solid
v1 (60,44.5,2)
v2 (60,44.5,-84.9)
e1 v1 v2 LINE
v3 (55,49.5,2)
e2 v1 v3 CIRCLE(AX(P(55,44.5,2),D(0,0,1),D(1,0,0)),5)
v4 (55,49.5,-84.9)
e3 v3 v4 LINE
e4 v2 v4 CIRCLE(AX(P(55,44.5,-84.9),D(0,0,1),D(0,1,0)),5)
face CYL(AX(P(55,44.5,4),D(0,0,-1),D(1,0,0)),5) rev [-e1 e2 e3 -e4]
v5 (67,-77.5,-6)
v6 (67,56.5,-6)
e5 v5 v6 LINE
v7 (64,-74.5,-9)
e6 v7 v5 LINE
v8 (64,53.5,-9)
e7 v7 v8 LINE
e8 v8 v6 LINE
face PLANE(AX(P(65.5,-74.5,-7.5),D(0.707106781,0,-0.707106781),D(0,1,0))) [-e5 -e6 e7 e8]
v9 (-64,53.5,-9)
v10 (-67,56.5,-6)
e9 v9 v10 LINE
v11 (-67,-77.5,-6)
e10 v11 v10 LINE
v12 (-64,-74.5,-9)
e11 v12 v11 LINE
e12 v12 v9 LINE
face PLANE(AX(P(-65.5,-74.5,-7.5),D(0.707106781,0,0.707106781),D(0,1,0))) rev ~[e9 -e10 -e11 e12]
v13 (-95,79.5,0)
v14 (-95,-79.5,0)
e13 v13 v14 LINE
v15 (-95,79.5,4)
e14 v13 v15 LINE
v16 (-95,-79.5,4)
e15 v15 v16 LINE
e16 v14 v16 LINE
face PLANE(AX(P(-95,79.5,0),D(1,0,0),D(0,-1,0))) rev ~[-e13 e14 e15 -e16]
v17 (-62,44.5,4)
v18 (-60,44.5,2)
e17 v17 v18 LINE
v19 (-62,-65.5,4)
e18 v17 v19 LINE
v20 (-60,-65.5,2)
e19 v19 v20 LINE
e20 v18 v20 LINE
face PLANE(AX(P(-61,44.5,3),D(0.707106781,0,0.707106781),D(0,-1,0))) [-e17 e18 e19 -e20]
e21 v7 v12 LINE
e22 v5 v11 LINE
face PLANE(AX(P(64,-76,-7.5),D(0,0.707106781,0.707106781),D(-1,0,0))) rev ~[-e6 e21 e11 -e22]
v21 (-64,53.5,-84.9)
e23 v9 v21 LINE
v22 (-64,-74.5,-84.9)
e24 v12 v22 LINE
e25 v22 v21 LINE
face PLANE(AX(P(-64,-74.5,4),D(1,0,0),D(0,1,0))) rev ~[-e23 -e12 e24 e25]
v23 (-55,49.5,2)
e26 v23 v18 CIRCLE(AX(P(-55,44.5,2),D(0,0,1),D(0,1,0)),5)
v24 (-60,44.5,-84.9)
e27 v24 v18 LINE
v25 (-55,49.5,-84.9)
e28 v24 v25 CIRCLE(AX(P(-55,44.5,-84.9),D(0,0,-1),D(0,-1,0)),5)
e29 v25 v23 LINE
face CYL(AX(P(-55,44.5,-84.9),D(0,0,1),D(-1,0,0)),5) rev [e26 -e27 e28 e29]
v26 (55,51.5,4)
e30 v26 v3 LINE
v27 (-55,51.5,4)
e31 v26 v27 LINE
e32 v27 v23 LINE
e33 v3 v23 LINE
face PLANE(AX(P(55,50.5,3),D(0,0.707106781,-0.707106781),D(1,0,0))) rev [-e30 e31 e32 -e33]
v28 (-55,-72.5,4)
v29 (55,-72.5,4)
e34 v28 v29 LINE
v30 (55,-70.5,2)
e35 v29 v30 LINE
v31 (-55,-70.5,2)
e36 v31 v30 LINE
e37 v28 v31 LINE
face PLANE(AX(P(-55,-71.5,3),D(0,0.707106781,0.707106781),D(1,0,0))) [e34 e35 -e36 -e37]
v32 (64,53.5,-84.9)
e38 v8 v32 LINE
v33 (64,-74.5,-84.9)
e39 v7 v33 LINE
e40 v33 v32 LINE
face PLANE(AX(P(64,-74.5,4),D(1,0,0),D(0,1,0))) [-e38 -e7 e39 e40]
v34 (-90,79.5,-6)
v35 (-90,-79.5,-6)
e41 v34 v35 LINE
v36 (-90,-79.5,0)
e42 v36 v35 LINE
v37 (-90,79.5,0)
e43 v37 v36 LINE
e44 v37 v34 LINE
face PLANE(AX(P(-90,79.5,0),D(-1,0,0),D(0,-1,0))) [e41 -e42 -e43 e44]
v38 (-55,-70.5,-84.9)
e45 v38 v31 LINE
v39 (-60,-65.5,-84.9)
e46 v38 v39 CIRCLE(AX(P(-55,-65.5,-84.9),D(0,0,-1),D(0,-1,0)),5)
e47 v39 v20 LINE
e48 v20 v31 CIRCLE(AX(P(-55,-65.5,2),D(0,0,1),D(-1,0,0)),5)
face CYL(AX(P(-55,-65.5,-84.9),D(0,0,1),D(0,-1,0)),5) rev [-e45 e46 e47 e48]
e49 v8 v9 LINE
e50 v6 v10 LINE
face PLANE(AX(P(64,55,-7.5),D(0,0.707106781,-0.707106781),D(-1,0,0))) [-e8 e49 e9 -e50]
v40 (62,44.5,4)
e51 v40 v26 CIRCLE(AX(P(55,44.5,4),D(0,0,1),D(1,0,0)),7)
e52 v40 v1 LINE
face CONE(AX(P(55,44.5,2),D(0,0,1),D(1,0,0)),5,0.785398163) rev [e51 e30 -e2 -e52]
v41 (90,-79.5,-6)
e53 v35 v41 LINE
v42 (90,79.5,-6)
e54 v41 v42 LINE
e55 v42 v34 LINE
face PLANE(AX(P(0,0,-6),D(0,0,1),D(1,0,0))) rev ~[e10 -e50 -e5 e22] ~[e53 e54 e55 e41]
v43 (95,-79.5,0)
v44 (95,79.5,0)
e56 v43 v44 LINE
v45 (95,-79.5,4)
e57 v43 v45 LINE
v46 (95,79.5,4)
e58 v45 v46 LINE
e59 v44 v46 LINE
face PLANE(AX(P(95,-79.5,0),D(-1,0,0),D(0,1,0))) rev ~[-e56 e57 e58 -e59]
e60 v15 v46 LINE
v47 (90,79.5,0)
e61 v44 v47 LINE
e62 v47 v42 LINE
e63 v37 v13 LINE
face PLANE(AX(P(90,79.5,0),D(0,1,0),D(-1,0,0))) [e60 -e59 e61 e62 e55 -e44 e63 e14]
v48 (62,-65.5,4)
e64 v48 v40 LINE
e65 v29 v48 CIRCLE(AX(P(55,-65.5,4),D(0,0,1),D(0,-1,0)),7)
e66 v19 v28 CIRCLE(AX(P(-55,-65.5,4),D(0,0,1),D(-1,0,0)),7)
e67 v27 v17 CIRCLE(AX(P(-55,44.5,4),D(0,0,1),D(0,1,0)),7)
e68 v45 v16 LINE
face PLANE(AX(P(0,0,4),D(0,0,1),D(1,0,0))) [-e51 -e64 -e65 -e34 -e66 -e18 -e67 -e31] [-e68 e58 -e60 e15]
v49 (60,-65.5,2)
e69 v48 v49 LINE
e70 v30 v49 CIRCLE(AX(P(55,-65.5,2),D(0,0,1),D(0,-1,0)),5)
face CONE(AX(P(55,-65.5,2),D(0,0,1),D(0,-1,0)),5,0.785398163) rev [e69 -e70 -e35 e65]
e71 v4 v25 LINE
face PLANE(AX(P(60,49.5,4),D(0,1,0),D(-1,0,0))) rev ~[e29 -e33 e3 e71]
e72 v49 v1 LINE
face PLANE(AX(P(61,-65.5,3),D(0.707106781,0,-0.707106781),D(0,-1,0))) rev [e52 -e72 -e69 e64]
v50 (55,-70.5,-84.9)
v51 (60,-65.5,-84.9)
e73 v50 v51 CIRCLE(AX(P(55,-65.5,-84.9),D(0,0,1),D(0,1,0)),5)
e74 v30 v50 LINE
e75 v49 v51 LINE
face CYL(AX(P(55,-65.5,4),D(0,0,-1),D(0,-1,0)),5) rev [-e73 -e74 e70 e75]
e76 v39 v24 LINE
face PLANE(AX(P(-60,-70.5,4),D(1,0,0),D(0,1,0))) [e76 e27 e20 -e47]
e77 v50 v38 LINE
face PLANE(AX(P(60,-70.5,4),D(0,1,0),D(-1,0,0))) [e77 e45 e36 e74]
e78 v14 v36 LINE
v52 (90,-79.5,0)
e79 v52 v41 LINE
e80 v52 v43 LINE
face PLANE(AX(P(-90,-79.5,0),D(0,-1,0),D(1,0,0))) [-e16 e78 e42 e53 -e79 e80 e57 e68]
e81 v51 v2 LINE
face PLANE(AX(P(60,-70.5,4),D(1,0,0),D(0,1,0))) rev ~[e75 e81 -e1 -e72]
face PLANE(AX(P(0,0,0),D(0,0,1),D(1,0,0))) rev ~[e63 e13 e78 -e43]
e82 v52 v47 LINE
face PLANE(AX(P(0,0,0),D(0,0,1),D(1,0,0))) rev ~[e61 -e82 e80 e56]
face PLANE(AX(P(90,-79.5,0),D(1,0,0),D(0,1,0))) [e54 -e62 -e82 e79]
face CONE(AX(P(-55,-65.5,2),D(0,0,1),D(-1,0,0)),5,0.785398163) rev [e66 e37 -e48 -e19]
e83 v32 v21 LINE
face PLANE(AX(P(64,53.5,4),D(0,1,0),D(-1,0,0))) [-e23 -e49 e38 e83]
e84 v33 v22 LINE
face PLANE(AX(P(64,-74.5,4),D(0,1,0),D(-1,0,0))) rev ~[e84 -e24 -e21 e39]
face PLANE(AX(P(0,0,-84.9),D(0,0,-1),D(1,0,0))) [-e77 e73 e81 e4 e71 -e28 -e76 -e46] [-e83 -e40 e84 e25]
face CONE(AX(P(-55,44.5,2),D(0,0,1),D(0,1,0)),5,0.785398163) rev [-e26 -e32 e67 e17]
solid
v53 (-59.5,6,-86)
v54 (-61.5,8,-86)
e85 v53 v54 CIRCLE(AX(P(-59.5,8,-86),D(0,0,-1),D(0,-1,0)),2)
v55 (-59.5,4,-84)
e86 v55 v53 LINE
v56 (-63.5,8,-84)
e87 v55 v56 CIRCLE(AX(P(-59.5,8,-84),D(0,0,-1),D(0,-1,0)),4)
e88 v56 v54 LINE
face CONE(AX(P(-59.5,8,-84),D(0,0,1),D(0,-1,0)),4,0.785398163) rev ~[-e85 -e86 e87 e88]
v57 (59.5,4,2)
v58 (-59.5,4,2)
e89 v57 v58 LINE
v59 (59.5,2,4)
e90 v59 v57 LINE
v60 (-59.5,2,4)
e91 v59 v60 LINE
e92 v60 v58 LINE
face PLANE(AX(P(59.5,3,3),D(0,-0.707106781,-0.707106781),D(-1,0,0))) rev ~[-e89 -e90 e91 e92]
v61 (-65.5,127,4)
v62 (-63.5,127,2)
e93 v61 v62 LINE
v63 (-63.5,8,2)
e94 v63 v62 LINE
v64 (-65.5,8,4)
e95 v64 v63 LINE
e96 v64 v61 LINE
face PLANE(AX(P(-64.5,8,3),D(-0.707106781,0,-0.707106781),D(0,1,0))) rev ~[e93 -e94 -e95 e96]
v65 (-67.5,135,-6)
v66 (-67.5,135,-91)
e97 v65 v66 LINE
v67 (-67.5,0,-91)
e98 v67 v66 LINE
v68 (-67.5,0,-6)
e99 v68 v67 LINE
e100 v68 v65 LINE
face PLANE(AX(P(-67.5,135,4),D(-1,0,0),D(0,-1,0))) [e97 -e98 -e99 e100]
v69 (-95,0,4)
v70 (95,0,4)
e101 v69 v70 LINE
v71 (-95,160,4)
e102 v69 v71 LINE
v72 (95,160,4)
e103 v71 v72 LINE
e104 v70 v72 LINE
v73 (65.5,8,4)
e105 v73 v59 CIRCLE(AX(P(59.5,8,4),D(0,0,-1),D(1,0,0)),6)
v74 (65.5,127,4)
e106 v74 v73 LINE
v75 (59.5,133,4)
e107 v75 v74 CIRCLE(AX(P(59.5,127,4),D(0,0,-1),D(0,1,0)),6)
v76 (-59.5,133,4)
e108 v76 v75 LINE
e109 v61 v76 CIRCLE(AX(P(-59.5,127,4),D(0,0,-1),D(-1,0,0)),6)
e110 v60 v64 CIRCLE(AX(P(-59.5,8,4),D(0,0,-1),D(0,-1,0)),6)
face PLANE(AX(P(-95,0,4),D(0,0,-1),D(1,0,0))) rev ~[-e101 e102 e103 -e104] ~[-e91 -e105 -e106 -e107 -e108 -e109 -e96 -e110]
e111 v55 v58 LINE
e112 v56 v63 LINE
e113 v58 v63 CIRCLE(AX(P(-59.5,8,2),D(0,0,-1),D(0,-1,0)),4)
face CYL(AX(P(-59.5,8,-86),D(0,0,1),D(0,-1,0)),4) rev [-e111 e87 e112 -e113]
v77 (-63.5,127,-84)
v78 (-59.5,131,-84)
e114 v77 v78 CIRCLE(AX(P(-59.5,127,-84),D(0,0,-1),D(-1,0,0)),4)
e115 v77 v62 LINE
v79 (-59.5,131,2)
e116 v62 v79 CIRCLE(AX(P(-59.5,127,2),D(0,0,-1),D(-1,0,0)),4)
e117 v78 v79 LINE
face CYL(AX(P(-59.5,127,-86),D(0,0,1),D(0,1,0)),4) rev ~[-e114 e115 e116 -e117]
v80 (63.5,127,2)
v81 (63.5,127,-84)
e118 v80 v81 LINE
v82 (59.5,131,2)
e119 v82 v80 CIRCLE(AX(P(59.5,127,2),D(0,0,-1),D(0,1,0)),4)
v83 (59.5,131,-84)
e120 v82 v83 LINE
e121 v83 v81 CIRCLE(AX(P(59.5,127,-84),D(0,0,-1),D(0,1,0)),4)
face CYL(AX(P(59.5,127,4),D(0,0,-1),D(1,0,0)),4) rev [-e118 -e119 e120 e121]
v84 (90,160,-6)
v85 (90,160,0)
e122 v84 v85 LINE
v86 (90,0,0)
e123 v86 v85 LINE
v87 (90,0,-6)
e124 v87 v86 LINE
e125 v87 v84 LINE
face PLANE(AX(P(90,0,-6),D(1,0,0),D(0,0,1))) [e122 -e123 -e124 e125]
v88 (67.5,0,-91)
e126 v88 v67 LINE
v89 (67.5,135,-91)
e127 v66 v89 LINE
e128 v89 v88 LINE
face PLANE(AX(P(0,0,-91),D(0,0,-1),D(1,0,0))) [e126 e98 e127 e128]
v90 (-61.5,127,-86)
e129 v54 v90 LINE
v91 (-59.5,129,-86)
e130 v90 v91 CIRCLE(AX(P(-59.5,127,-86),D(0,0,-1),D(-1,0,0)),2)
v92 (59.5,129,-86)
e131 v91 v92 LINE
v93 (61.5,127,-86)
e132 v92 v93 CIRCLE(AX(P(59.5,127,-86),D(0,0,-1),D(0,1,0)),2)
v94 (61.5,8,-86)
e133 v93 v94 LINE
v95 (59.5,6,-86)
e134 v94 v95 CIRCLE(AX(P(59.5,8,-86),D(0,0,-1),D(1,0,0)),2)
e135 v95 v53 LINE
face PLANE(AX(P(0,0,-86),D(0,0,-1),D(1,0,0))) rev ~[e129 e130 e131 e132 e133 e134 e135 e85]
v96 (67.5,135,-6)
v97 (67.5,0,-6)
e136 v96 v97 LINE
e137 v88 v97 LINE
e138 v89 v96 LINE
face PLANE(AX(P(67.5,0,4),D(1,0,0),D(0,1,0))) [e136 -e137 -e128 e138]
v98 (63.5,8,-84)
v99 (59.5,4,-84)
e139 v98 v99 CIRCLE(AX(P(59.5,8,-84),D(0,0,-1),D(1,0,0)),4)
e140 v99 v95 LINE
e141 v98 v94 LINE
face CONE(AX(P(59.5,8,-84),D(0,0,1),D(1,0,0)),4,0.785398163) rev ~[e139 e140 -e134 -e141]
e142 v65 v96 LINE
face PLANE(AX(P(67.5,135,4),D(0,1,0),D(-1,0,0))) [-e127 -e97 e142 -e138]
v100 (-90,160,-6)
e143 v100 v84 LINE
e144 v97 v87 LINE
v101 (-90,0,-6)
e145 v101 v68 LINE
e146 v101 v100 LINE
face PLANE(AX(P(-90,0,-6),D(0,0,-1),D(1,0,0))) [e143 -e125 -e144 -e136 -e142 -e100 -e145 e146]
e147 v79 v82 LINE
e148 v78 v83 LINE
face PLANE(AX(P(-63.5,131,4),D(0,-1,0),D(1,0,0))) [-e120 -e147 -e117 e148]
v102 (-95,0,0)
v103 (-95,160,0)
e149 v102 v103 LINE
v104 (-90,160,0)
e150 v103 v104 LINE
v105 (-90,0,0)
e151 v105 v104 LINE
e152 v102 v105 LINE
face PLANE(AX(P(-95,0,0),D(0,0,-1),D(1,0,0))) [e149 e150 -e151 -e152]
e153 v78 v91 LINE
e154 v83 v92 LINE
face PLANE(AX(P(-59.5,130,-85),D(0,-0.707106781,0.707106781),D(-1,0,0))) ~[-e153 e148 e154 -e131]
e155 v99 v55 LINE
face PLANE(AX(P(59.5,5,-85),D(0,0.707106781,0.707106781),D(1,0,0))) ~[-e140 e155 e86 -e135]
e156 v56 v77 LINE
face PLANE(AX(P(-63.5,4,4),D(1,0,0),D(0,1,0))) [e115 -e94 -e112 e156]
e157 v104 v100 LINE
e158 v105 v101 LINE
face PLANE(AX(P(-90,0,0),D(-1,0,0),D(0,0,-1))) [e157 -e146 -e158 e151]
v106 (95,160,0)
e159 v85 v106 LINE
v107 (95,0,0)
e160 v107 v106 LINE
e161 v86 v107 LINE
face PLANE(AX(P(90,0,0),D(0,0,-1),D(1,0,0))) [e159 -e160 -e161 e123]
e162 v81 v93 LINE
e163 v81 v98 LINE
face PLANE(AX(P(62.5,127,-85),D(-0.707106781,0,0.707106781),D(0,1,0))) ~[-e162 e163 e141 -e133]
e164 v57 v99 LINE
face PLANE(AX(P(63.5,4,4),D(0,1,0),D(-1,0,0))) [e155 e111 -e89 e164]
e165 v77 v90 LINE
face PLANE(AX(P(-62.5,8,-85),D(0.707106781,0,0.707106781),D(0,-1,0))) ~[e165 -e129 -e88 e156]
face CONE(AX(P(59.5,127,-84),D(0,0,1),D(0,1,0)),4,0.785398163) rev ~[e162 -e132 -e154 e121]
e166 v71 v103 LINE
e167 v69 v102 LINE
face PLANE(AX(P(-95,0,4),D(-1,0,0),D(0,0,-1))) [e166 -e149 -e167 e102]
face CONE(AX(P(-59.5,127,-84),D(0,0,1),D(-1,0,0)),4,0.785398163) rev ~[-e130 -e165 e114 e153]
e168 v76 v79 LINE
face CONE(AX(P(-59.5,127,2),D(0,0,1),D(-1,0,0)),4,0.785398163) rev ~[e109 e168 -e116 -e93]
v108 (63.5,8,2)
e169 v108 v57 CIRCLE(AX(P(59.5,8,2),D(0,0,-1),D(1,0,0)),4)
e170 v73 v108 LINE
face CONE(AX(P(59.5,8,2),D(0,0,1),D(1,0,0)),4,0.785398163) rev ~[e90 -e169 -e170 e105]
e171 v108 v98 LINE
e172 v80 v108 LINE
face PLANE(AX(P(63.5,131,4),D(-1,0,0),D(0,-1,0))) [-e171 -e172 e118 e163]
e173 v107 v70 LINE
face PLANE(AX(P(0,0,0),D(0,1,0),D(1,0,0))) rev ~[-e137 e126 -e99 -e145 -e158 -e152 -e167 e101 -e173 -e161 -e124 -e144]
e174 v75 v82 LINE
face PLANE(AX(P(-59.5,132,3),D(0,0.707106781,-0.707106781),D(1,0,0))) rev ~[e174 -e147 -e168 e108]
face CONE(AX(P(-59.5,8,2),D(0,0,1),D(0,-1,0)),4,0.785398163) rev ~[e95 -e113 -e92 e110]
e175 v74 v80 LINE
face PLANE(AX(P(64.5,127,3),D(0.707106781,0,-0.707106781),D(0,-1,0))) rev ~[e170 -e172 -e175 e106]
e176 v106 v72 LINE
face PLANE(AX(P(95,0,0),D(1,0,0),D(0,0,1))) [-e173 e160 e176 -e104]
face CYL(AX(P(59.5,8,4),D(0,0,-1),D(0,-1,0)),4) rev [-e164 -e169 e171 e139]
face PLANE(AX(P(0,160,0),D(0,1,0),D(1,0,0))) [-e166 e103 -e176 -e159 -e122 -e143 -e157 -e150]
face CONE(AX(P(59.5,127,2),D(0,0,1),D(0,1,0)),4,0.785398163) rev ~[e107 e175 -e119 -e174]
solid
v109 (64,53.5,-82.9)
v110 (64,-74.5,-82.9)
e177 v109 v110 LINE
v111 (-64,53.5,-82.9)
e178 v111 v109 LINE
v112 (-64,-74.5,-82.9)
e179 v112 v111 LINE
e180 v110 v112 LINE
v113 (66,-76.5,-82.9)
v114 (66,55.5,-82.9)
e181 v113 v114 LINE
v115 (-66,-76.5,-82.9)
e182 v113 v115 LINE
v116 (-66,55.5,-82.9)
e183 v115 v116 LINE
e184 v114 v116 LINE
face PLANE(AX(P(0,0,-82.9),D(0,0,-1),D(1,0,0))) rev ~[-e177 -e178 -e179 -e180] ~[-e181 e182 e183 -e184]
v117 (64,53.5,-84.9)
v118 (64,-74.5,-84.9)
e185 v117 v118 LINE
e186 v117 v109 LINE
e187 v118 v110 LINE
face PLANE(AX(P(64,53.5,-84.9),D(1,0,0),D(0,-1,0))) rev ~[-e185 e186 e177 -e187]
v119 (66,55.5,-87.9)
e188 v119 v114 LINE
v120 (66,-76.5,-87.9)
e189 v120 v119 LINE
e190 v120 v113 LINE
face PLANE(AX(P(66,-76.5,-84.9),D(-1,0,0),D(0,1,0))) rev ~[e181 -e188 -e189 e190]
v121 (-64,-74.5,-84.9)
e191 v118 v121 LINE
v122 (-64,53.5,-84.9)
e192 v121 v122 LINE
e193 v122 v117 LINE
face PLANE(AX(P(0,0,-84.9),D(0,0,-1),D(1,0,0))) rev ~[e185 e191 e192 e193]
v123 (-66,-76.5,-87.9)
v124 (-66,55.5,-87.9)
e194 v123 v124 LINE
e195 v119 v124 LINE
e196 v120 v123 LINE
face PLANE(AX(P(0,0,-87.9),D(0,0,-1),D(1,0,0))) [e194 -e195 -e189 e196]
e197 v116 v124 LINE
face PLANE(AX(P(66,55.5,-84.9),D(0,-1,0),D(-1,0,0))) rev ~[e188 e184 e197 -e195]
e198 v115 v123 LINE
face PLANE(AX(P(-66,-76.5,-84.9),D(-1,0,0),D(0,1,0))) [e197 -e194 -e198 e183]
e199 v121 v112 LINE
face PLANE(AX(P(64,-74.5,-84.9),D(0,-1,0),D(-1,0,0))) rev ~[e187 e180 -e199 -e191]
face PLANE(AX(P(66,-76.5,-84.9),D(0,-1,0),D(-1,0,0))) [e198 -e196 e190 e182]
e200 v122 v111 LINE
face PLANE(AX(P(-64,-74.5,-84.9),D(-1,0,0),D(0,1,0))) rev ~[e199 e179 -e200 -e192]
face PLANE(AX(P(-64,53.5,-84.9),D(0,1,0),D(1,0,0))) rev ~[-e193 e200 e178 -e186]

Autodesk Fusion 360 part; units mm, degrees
sketch "Frame" plane through (0, 0, 0) normal (0, 0, 1) x (1, 0, 0)
  line L0 (95, 79.5) -> (-95, 79.5)
  line L1 (-95, 79.5) -> (-95, -79.5)
  line L2 (-95, -79.5) -> (95, -79.5)
  line L3 (95, -79.5) -> (95, 79.5)
  line L4 (95, 79.5) -> (-95, -79.5) construction
  line L5 (-95, 79.5) -> (95, -79.5) construction
  line L6 (-90, -79.5) -> (90, -79.5)
  line L7 (90, -79.5) -> (90, 79.5)
  line L8 (90, 79.5) -> (-90, 79.5)
  line L9 (-90, 79.5) -> (-90, -79.5)
  line L10 (-90, -79.5) -> (90, 79.5) construction
  line L11 (90, -79.5) -> (-90, 79.5) construction
  line L12 (86, -75.5) -> (86, 75.5)
  line L13 (86, 75.5) -> (-86, 75.5)
  line L14 (-86, 75.5) -> (-86, -75.5)
  line L15 (-86, -75.5) -> (86, -75.5)
  dimension "d1" = 190
  dimension "d2" = 159
  dimension "d3" = 180
  dimension "d4" = -4
extrude "Extrude1" add sketch "Frame" against normal blind 6 contours L0 L2 L6 L7 L8 L9 makes body 1
extrude "Extrude2" add sketch "Frame" along normal blind 4 bodies 1
sketch "Jar Hole" plane through (0, 0, 4) normal (0, 0, -1) x (1, 0, 0)
  line L0 (-86, 75.5) -> (86, 75.5)
  line L1 (86, 75.5) -> (86, -75.5)
  line L2 (86, -75.5) -> (-86, -75.5)
  line L3 (-90, 79.5) -> (-90, -79.5)
  line L4 (-90, -79.5) -> (90, -79.5)
  line L5 (90, -79.5) -> (90, 79.5)
  line L6 (90, 79.5) -> (-90, 79.5)
  line L7 (60, 70.5) -> (60, -49.5)
  line L8 (60, -49.5) -> (-60, -49.5)
  line L9 (86, 75.5) -> (46, 75.5)
  line L10 (86, 21.5) -> (86, 75.5)
  line L11 (86, -56.5) -> (86, 9.1429)
  line L12 (60, 70.5) -> (-60, 70.5)
  line L13 (-60, 70.5) -> (-60, -49.5)
  line L14 (-86, 75.5) -> (-86, -75.5)
  line L15 (86, 75.5) -> (-86, 75.5)
  line L16 (64, 74.5) -> (64, -53.5)
  line L17 (64, -53.5) -> (-64, -53.5)
  line L18 (-64, 74.5) -> (-64, -53.5)
  line L19 (64, 74.5) -> (-64, 74.5)
  line L20 (86, 75.5) -> (-86, 75.5)
  line L21 (-86, 75.5) -> (-86, -75.5)
  line L22 (-86, -75.5) -> (86, -75.5)
  line L23 (86, -75.5) -> (86, 75.5)
  line L24 (95, -79.5) -> (-95, -79.5)
  line L25 (-95, -79.5) -> (-95, 79.5)
  line L26 (-95, 79.5) -> (95, 79.5)
  line L27 (95, 79.5) -> (95, -79.5)
  dimension "d11" = 40
  dimension "d12" = 54
  dimension "d25" = 120
  dimension "d26" = 120
  dimension "d35" = -4
  dimension "d36" = 22
  dimension "d37" = 1
extrude "Extrude3" add sketch "Jar Hole" along normal blind 10 contours L0 L1 L2 L9 L10 L11 L14 L15 L20 L21 L22 L23 | L16 L17 L18 L19 bodies 1
extrude "Extrude8" add sketch "Jar Hole" along normal blind 88.9 contours L16 L17 L18 L19 bodies 1
sketch "Sketch Bottom Lid" plane through (0, 0, -84.9) normal (0, 0, -1) x (1, 0, 0)
  line L0 (-60, 70.5) -> (60, 70.5)
  line L1 (60, 70.5) -> (60, -49.5)
  line L2 (60, -49.5) -> (-60, -49.5)
  line L3 (-60, -49.5) -> (-60, 70.5)
  line L4 (64, -53.5) -> (64, 74.5)
  line L5 (64, 74.5) -> (-64, 74.5)
  line L6 (-64, 74.5) -> (-64, -53.5)
  line L7 (-64, -53.5) -> (64, -53.5)
  line L8 (64, 74.5) -> (64, -53.5)
  line L9 (64, -53.5) -> (-64, -53.5)
  line L10 (-64, 74.5) -> (-64, -53.5)
  line L11 (64, 74.5) -> (-64, 74.5)
  line L12 (-66, 76.5) -> (-66, -55.5)
  line L13 (66, -55.5) -> (-66, -55.5)
  line L14 (66, 76.5) -> (66, -55.5)
  line L15 (66, 76.5) -> (-66, 76.5)
  dimension "d44" = -2
extrude "Extrude9" add sketch "Sketch Bottom Lid" against normal blind 2 separate body contours L12 L13 L14 L15 makes body 2
extrude "Extrude10" add sketch "Sketch Bottom Lid" along normal blind 3 contours L0 L1 L2 L3 | L4 L5 L6 L7 L8 L9 L10 L11 | L12 L13 L14 L15 bodies 2
fillet "Fillet2" radius 5 4 edges at (-60, 49.5, -40.45) (60, -70.5, -40.45) (-60, -70.5, -40.45) (60, 49.5, -40.45) on bodies 1
chamfer "Chamfer1" distance 2 angle 45 8 edges at (60, -10.5, 4) (58.5355, 48.0355, 4) (0, 49.5, 4) (-58.5355, 48.0355, 4) (-60, -10.5, 4) (-58.5355, -69.0355, 4) (0, -70.5, 4) (58.5355, -69.0355, 4) on bodies 1
chamfer "Chamfer2" distance 3 angle 45 4 edges at (0, -74.5, -6) (-64, -10.5, -6) (0, 53.5, -6) (64, -10.5, -6) on bodies 1
sketch "Sketch1" plane through (0, 0, 0) normal (0, 1, 0) x (1, 0, 0) in component "v2"
  line L0 (-95, -4) -> (95, -4)
  line L1 (-90, 0) -> (-90, 6)
  line L2 (-90, 6) -> (90, 6)
  line L3 (90, 6) -> (90, 0)
  line L4 (90, 0) -> (95, 0)
  line L5 (95, 0) -> (95, -4)
  line L6 (95, -4) -> (-95, -4)
  line L7 (-95, -4) -> (-95, 0)
  line L8 (-95, 0) -> (-90, 0)
extrude "Extrude1'" add sketch "Sketch1" along normal blind 160 separate body makes body 3 in component "v2"
sketch "Sketch2" plane through (0, 0, 4) normal (0, 0, 1) x (-1, 0, 0) in component "v2"
  line L0 (95, 0) -> (-95, 0)
  line L1 (-95, 0) -> (-95, -160)
  line L2 (-95, -160) -> (95, -160)
  line L3 (95, -160) -> (95, 0)
  line L4 (0, 0) -> (0, -67.5) construction
  line L5 (-63.5, -4) -> (63.5, -4)
  line L6 (63.5, -4) -> (63.5, -131)
  line L7 (63.5, -131) -> (-63.5, -131)
  line L8 (-63.5, -131) -> (-63.5, -4)
  line L9 (-63.5, -4) -> (63.5, -131) construction
  line L10 (63.5, -4) -> (-63.5, -131) construction
  line L11 (-67.5, -135) -> (67.5, -135)
  line L12 (67.5, -135) -> (67.5, 0)
  line L13 (67.5, 0) -> (-67.5, 0)
  line L14 (-67.5, 0) -> (-67.5, -135)
  line L15 (-67.5, -135) -> (67.5, 0) construction
  line L16 (67.5, -135) -> (-67.5, 0) construction
  point P0 (0, -67.5)
  point P1 (0, -67.5)
  dimension "d57" = 127
  dimension "d59" = 4
  dimension "d60" = 135
extrude "Extrude2'" cut sketch "Sketch2" against normal through all contours L5 L6 L7 L8 bodies 3 in component "v2"
extrude "Extrude3'" add sketch "Sketch2" against normal blind 90 contours L0 L11 L12 L13 L14 bodies 3 in component "v2"
sketch "Sketch3" plane through (0, 0, -86) normal (0, 0, -1) x (1, 0, 0) in component "v2"
  line L0 (63.5, -131) -> (-63.5, -131)
  line L1 (-63.5, -131) -> (-63.5, -4)
  line L2 (-63.5, -4) -> (63.5, -4)
  line L3 (63.5, -4) -> (63.5, -131)
  line L4 (67.5, -135) -> (67.5, 0)
  line L5 (67.5, 0) -> (-67.5, 0)
  line L6 (-67.5, 0) -> (-67.5, -135)
  line L7 (-67.5, -135) -> (67.5, -135)
  line L8 (-67.5, -135) -> (-67.5, 0)
  line L9 (67.5, -135) -> (-67.5, -135)
  line L10 (67.5, 0) -> (67.5, -135)
  line L11 (-67.5, 0) -> (67.5, 0)
extrude "Extrude4" add sketch "Sketch3" along normal blind 5 contours L0 L1 L2 L3 | L4 L5 L6 L7 L8 L9 L10 L11 bodies 3 in component "v2"
fillet "Fillet1" radius 4 4 edges at (63.5, 131, -41) (-63.5, 131, -41) (63.5, 4, -41) (-63.5, 4, -41) on bodies 3 in component "v2"
chamfer "Chamfer1'" distance 2 angle 45 4 edges at (-63.5, 67.5, 4) (0, 4, 4) (63.5, 67.5, 4) (0, 131, 4) on bodies 3 in component "v2"
chamfer "Chamfer2'" distance 2 angle 45 8 edges at (63.5, 67.5, -86) (62.3284, 129.8284, -86) (0, 131, -86) (-62.3284, 129.8284, -86) (-63.5, 67.5, -86) (-62.3284, 5.1716, -86) (0, 4, -86) (62.3284, 5.1716, -86) on bodies 3 in component "v2"
component "v2" placed x (1, 0, 0) y (0, 1, 0) z (0, 0, 1) at (0, 0, 0)
